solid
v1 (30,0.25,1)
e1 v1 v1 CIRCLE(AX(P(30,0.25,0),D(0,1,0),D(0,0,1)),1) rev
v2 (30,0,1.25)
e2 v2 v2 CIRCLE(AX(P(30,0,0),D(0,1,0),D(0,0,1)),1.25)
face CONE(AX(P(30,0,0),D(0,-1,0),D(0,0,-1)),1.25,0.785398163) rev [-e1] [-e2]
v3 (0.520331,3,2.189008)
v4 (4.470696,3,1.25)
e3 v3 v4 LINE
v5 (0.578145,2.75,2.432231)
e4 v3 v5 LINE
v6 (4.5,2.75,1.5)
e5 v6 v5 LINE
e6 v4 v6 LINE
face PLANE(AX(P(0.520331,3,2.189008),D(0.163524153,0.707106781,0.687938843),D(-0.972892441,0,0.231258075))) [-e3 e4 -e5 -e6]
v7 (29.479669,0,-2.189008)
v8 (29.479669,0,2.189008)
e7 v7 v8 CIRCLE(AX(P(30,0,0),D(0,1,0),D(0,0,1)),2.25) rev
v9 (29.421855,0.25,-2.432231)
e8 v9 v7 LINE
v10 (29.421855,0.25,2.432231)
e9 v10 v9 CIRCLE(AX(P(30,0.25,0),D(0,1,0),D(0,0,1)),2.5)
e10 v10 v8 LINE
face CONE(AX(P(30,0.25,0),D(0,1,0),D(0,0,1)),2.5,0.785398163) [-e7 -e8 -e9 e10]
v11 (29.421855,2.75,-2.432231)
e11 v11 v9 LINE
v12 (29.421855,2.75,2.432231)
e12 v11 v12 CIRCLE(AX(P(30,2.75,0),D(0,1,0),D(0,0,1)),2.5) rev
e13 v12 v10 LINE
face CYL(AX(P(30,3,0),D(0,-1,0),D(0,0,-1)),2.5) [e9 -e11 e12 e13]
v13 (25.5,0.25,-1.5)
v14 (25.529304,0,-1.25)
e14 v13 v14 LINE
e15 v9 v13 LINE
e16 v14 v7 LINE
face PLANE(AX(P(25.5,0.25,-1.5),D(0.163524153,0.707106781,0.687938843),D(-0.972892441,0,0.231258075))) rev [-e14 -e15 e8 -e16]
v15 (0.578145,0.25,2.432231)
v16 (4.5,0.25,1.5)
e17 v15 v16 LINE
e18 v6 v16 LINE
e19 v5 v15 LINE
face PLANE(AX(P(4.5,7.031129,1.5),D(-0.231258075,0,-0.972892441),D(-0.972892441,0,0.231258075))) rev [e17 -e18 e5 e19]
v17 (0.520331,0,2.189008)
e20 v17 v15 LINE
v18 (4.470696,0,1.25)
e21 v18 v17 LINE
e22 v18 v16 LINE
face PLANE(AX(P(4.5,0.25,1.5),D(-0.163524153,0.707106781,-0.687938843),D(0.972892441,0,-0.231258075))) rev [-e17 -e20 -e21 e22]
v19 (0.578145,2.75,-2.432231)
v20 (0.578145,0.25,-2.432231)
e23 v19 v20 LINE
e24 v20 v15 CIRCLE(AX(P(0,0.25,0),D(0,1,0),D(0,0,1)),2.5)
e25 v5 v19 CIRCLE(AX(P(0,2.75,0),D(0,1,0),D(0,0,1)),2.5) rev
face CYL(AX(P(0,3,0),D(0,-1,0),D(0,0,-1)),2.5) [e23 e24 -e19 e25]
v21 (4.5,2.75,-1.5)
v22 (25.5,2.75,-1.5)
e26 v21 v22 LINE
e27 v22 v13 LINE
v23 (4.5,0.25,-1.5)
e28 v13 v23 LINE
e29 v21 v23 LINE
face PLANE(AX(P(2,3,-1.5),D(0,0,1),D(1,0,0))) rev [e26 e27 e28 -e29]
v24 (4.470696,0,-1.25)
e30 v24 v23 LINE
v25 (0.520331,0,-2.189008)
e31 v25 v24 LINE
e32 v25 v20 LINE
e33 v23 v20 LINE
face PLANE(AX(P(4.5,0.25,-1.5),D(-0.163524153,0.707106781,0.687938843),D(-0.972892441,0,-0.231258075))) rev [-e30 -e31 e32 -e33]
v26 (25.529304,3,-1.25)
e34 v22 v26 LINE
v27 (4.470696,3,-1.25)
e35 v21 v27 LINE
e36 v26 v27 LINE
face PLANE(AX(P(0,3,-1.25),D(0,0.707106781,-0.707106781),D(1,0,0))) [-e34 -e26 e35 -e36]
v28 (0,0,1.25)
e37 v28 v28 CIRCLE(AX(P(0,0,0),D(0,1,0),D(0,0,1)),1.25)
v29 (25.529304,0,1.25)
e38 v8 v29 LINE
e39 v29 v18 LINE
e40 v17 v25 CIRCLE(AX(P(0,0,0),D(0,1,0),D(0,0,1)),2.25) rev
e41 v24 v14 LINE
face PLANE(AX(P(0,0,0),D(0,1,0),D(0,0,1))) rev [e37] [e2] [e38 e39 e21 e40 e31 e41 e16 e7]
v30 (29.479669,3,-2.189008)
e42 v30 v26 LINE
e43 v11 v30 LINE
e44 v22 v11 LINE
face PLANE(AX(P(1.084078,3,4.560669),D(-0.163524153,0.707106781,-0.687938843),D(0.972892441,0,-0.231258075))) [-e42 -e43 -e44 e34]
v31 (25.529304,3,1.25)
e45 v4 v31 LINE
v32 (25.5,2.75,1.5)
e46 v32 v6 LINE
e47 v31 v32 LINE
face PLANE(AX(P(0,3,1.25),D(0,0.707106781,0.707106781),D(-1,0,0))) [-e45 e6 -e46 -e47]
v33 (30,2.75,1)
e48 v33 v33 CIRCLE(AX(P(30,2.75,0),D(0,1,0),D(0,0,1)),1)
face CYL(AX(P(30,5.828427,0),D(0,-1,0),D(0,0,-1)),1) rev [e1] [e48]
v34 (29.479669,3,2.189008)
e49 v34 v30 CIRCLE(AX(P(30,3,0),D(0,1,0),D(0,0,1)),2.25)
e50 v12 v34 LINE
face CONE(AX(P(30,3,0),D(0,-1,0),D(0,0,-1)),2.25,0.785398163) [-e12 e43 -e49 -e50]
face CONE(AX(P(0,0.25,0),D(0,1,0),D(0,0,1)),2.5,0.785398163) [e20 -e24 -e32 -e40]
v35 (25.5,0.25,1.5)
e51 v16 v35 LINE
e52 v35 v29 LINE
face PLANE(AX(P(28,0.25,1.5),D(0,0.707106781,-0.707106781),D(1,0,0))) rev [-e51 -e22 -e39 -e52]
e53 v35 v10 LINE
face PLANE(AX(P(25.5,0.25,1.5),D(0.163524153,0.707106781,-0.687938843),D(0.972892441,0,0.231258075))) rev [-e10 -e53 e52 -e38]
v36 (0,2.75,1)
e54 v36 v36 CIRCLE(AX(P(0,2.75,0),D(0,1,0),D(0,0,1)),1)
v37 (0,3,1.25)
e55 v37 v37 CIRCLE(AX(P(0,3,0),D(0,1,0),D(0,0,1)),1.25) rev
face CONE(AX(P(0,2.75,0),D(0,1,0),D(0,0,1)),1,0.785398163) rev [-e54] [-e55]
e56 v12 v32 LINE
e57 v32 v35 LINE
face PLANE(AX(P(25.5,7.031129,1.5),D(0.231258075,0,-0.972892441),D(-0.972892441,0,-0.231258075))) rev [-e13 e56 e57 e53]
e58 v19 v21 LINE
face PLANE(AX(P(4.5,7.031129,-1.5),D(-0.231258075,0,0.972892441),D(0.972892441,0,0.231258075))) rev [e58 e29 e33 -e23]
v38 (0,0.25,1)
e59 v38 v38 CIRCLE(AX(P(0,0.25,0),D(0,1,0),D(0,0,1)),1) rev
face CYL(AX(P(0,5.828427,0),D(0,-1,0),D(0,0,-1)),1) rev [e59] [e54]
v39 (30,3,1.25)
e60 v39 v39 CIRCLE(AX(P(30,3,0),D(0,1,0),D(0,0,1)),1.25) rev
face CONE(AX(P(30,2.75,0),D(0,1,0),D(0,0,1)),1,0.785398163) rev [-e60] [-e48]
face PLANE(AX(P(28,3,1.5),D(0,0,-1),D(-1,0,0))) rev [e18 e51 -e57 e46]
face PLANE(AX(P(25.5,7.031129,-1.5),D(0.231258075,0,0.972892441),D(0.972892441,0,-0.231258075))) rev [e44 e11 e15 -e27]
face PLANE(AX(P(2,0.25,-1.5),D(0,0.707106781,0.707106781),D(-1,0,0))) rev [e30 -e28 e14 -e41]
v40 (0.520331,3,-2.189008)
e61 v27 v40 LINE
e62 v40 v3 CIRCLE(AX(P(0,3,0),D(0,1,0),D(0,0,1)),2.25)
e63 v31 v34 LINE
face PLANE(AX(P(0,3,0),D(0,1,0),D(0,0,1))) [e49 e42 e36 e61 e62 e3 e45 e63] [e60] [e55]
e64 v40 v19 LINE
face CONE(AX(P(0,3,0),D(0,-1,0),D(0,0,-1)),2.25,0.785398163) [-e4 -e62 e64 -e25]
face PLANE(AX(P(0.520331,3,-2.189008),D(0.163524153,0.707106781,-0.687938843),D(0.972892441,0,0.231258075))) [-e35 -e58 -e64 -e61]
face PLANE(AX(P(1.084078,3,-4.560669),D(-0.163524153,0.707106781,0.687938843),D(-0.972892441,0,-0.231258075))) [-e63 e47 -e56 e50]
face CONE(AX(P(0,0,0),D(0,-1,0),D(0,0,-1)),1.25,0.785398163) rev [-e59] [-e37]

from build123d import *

# Parameters (mm, degrees)
EXTRUDE_1_DEPTH     = 3
SKETCH_2_R          = 1
CUT_EXTRUDE_1_DEPTH = 3
EXTRUDE_2_DEPTH     = 3
CHAMFER_1_SIZE      = 0.25


with BuildPart() as part:
    # 草图1 → 凸台-拉伸1 (new body)
    with BuildSketch(Plane(origin=(0, 0, 0), x_dir=(1, 0, 0), z_dir=(0, 1, 0))):
        with BuildLine():
            Line((2, 1.5), (28, 1.5))
            ThreePointArc((28, 1.5), (32.5, 0), (28, -1.5))
            Line((28, -1.5), (2, -1.5))
            ThreePointArc((2, -1.5), (-2.5, 0), (2, 1.5))
        make_face()
    extrude(amount=EXTRUDE_1_DEPTH)

    # 草图2 → 切除-拉伸1 (cut)
    with BuildSketch(Plane(origin=(0, 0, 0), x_dir=(1, 0, 0), z_dir=(0, 1, 0))):
        with Locations(Location((0, 0, 0), (0, 0, 270))):
            Circle(SKETCH_2_R)
        with Locations(Location((30, 0, 0), (0, 0, 270))):
            Circle(SKETCH_2_R)
    extrude(amount=CUT_EXTRUDE_1_DEPTH, mode=Mode.SUBTRACT)

    # 草图3 → 凸台-拉伸2 (add)
    with BuildSketch(Plane(origin=(0, 0, 0), x_dir=(1, 0, 0), z_dir=(0, 1, 0))):
        with BuildLine():
            Line((4.5, 1.5), (0.578145188, 2.432231104))
            ThreePointArc((0.578145188, 2.432231104), (1.370755945, 2.090700395), (2, 1.5))
            Line((2, 1.5), (4.5, 1.5))
        make_face()
        with BuildLine():
            Line((4.5, -1.5), (0.578145188, -2.432231104))
            ThreePointArc((0.578145188, -2.432231104), (1.370755945, -2.090700395), (2, -1.5))
            Line((2, -1.5), (4.5, -1.5))
        make_face()
        with BuildLine():
            Line((28, 1.5), (25.5, 1.5))
            Line((25.5, 1.5), (29.421854812, 2.432231104))
            ThreePointArc((29.421854812, 2.432231104), (28.629244055, 2.090700395), (28, 1.5))
        make_face()
        with BuildLine():
            Line((25.5, -1.5), (29.421854812, -2.432231104))
            ThreePointArc((29.421854812, -2.432231104), (28.629244055, -2.090700395), (28, -1.5))
            Line((28, -1.5), (25.5, -1.5))
        make_face()
    extrude(amount=EXTRUDE_2_DEPTH)

    # 倒角1
    chamfer_1_edges = [part.edges().sort_by_distance(p)[0] for p in [
        (0, 0, -1),
        (0, 3, -1),
        (30, 0, -1),
        (30, 3, -1),
        (-2.5, 0, 0),
        (-2.5, 3, 0),
        (2.539072594, 0, -1.966115552),
        (2.539072594, 3, -1.966115552),
        (15, 0, 1.5),
        (15, 3, 1.5),
        (2.539072594, 0, 1.966115552),
        (2.539072594, 3, 1.966115552),
        (32.5, 0, 0),
        (32.5, 3, 0),
        (27.460927406, 0, 1.966115552),
        (27.460927406, 3, 1.966115552),
        (15, 0, -1.5),
        (15, 3, -1.5),
        (27.460927406, 0, -1.966115552),
        (27.460927406, 3, -1.966115552),
    ]]
    chamfer(chamfer_1_edges, length=CHAMFER_1_SIZE)


solid = part.part
